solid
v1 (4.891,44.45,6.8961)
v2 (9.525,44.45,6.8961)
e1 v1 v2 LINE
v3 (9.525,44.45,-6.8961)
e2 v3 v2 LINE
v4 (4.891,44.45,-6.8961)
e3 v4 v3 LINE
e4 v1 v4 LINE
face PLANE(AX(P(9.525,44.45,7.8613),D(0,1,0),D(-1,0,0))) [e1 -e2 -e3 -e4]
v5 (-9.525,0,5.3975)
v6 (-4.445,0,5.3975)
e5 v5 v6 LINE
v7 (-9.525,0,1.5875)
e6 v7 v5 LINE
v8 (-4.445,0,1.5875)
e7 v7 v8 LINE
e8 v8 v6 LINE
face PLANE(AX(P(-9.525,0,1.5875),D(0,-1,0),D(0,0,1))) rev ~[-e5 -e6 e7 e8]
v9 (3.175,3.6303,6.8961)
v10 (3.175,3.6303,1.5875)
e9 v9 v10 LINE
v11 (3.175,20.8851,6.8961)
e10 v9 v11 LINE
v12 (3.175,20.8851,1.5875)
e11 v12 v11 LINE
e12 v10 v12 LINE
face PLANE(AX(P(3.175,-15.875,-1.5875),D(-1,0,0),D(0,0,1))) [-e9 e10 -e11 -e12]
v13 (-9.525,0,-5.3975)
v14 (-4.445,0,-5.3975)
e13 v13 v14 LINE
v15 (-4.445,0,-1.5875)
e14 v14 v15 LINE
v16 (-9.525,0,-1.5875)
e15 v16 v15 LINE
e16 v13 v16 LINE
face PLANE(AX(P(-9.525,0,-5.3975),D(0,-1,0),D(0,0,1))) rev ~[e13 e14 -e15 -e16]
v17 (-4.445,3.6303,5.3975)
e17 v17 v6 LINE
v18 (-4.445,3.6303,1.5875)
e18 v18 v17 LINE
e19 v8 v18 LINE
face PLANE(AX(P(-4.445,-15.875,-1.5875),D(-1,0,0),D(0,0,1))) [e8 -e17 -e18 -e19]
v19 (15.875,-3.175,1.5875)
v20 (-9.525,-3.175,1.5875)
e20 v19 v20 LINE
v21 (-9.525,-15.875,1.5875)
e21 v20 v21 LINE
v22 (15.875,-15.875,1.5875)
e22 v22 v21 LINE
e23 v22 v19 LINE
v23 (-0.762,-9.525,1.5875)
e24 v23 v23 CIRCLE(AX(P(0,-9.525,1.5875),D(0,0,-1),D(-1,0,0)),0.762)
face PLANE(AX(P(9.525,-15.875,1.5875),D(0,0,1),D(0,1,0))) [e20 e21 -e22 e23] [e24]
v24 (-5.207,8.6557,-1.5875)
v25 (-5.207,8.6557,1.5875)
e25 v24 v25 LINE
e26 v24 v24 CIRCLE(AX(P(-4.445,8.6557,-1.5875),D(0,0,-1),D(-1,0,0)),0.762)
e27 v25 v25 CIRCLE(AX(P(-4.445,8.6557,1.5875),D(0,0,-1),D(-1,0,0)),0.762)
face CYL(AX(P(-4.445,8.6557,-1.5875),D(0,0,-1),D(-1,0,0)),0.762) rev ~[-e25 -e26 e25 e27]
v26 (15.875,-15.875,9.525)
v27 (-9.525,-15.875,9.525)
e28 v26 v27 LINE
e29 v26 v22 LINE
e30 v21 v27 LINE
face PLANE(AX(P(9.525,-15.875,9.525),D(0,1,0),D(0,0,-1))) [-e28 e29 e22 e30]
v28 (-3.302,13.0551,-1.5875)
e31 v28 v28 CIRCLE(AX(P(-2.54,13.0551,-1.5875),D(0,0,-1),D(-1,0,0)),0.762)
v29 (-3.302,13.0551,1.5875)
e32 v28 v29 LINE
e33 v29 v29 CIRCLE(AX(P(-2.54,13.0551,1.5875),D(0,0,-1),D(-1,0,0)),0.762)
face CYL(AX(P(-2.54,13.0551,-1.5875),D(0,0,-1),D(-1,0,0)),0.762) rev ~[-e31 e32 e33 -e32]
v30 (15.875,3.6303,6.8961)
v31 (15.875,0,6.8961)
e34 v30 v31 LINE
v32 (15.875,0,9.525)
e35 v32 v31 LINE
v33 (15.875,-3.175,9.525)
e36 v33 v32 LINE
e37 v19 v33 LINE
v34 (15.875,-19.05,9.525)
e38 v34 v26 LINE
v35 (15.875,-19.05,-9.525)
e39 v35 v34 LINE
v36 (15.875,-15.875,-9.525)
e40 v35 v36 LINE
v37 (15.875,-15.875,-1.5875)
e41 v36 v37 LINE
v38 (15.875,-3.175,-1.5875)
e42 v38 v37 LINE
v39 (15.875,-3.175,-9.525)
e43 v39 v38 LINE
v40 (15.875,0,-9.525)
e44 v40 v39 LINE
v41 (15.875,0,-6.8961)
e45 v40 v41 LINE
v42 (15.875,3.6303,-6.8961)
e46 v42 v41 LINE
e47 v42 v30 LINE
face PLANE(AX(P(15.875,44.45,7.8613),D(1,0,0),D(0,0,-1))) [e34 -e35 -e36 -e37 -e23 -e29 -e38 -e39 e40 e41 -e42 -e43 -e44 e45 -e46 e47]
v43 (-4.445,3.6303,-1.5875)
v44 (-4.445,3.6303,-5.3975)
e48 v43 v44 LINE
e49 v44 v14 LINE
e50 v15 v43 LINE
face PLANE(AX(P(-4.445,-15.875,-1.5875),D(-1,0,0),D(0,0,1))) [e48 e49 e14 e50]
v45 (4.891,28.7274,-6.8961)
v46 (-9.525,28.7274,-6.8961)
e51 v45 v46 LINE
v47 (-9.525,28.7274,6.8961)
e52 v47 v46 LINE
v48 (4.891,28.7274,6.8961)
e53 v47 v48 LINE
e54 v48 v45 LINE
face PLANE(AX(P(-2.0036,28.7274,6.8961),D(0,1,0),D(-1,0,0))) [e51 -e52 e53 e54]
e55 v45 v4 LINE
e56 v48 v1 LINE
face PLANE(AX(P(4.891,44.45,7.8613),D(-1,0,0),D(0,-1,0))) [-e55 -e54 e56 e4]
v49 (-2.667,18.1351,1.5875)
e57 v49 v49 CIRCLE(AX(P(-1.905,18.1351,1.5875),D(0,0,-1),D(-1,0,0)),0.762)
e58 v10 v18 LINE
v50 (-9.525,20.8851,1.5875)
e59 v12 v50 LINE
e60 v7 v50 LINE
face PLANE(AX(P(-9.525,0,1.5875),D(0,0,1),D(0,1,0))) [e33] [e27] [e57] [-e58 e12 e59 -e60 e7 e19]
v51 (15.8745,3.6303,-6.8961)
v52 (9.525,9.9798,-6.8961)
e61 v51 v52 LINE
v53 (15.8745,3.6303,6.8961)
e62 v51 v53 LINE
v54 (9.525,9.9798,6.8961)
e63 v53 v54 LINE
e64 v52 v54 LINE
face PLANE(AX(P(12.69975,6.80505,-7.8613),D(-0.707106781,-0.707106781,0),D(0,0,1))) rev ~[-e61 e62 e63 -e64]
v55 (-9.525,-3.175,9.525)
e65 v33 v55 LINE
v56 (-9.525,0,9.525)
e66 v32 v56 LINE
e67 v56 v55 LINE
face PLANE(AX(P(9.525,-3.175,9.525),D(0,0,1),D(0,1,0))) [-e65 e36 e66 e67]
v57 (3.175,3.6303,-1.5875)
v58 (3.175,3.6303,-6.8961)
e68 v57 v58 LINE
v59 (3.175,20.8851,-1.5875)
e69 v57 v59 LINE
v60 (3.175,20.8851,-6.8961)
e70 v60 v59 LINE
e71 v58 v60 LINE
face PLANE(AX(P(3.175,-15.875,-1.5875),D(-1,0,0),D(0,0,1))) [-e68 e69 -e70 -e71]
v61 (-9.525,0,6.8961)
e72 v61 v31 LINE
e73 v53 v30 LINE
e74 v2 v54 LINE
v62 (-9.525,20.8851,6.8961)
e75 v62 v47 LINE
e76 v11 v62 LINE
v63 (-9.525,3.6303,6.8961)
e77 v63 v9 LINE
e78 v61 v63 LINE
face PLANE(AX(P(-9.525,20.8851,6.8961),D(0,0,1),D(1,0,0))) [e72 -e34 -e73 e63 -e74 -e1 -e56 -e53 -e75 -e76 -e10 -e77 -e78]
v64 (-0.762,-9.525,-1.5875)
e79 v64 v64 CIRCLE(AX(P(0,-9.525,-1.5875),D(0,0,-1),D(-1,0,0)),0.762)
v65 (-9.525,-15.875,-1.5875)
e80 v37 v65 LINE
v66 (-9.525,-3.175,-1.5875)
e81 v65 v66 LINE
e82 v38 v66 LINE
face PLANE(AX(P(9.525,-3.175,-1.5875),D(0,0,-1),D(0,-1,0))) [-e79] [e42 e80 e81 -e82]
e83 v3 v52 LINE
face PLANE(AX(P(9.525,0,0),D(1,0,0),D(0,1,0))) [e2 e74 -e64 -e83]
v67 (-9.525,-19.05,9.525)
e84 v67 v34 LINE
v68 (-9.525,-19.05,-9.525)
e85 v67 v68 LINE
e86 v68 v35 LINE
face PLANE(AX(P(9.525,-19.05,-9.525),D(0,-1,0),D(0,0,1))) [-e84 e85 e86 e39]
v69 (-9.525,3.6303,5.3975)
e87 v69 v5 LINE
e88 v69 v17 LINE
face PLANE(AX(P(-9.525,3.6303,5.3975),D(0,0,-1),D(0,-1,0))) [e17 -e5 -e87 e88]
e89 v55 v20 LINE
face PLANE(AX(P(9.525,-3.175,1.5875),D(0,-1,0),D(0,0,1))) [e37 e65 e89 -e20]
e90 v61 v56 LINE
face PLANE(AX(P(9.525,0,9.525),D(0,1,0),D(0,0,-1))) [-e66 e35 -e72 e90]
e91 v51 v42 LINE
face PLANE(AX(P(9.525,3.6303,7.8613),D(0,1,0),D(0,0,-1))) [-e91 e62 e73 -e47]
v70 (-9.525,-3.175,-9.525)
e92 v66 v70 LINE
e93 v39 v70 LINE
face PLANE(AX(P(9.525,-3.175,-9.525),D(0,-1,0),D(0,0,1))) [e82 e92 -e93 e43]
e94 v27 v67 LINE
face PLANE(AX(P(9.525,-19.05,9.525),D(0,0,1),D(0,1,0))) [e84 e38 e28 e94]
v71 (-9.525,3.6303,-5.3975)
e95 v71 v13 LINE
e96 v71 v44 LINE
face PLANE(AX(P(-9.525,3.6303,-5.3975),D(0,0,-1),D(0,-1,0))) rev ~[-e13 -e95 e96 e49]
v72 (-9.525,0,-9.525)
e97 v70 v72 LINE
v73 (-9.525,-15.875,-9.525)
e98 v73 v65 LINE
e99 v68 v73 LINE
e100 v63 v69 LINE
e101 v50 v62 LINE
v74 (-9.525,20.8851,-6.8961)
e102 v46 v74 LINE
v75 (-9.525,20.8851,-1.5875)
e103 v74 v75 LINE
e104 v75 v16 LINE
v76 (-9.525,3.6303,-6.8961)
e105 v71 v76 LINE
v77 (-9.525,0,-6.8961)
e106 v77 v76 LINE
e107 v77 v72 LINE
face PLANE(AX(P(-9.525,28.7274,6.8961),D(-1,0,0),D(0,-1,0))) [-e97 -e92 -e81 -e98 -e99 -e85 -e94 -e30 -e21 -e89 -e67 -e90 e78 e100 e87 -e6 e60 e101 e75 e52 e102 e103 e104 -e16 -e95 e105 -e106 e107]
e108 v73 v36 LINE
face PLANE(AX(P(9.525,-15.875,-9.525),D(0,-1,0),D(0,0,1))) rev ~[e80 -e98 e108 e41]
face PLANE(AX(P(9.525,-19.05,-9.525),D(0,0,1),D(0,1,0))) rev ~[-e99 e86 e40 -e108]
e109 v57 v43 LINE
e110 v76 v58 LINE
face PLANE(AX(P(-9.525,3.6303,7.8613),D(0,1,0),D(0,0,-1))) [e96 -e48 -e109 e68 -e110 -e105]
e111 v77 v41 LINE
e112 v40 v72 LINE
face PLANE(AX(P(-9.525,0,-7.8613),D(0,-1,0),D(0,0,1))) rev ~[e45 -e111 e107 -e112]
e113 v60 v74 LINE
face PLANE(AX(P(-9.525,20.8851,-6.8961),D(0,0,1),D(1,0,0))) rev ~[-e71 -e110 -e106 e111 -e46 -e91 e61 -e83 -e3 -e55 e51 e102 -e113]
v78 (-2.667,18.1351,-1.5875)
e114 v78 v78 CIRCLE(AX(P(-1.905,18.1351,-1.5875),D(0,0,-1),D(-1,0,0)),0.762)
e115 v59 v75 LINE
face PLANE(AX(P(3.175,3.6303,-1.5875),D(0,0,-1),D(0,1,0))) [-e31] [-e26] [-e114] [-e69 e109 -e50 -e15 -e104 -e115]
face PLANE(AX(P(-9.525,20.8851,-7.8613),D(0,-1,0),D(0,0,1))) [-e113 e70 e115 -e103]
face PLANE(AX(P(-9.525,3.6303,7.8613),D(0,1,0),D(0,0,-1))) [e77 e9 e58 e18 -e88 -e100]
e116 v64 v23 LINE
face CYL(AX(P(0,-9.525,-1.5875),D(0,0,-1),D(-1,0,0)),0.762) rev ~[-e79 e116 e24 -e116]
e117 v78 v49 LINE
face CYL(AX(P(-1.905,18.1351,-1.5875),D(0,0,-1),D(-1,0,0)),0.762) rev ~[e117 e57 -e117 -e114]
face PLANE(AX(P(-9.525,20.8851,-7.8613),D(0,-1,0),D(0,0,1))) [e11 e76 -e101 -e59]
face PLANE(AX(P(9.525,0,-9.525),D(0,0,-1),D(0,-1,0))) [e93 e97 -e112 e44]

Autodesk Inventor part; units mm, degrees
ref_plane "YZ Plane" through (0, 0, 0) normal (1, 0, 0) x (0, 1, 0)
ref_plane "XZ Plane" through (0, 0, 0) normal (0, 1, 0) x (-1, 0, 0)
ref_plane "XY Plane" through (0, 0, 0) normal (0, 0, 1) x (1, 0, 0)
sketch "Sketch1" plane through (0, 0, 0) normal (0, 0, 1) x (1, 0, 0)
  line L0 (-9.525, 0) -> (9.525, 0)
  line L1 (9.525, 0) -> (9.525, 44.45)
  line L2 (9.525, 44.45) -> (5.715, 44.45)
  line L3 (5.715, 44.45) -> (4.891, 28.7274)
  line L4 (4.891, 28.7274) -> (-9.525, 28.7274)
  line L5 (-9.525, 28.7274) -> (-9.525, 0)
  point P0 (0, 0)
  point P1 (0, 0)
  dimension "d0" = 44.45
  dimension "d1" = 15.24
  dimension "d2" = 15.7226
  dimension "d3" = 19.05
  dimension "d14" = 93
extrude "Extrusion1" add sketch "Sketch1" along normal mid plane 15.7226
sketch "Sketch2" plane through (0, 0, 0) normal (1, 0, 0) x (0, 1, 0)
  line L0 (-19.05, 9.525) -> (-19.05, -9.525)
  line L1 (-19.05, -9.525) -> (-15.875, -9.525)
  line L2 (-15.875, -9.525) -> (-15.875, -1.5875)
  line L3 (-15.875, -1.5875) -> (-3.175, -1.5875)
  line L4 (-3.175, -1.5875) -> (-3.175, -9.525)
  line L5 (-3.175, -9.525) -> (0, -9.525)
  line L6 (0, -9.525) -> (0, 9.525)
  line L7 (0, 9.525) -> (-3.175, 9.525)
  line L8 (-3.175, 9.525) -> (-3.175, 1.5875)
  line L9 (-3.175, 1.5875) -> (-15.875, 1.5875)
  line L10 (-15.875, 1.5875) -> (-15.875, 9.525)
  line L11 (-15.875, 9.525) -> (-19.05, 9.525)
  line L12 (0, -7.8613) -> (0, 7.8613) projected
  point P0 (0, 0)
  point P1 (0, 0)
  dimension "d6" = 19.05
  dimension "d7" = 19.05
  dimension "d8" = 3.175
  dimension "d9" = 3.175
extrude "Extrusion2" add sketch "Sketch2" along normal mid plane 19.05
sketch "Sketch6" plane through (0, 0, 7.8613) normal (0, 0, 1) x (1, 0, 0)
  line L0 (4.891, 28.7274) -> (9.525, 28.7274)
  line L1 (9.525, 28.7274) -> (9.525, 44.45)
  line L2 (9.525, 44.45) -> (4.891, 44.45)
  line L3 (4.891, 44.45) -> (4.891, 28.7274)
  point P0 (0, 0)
extrude "Extrusion3" add sketch "Sketch6" against normal blind 15.7226
sketch "Sketch9" plane through (0, 0, 7.8613) normal (0, 0, 1) x (1, 0, 0)
  line L0 (4.891, 44.45) -> (4.891, 28.7274) projected
  line L1 (-9.525, 28.7274) -> (-9.525, 0) projected
  line L2 (4.891, 28.7274) -> (-2.729, 28.7274)
  line L3 (4.891, 28.7274) -> (-9.525, 28.7274) projected
  line L4 (-9.525, 28.7274) -> (-9.525, 26.7462)
  line L5 (-9.525, 26.7462) -> (-2.729, 28.7274)
  point P0 (0, 0)
  dimension "d22" = 14.416
  dimension "d23" = 7.62
  dimension "d24" = 1.9812
extrude "Extrusion5" cut sketch "Sketch9" against normal blind 25.4
fillet "Fillet2" radius 5.08 1 edges at (-2.729, 28.7274, 0)
sketch "Sketch10" plane through (-9.525, -15.875, 1.5875) normal (0, 0, 1) x (1, 0, 0)
  circle A0 centre (9.525, 6.35) radius 0.635
  line L0 (0, 0) -> (0, 12.7) projected
  line L1 (19.05, -3.175) -> (0, -3.175) projected
  point P0 (9.525, 15.875)
  dimension "d28" = 9.525
  dimension "d29" = 9.525
  dimension "d30" = 1.27
extrude "Extrusion6" cut sketch "Sketch10" against normal blind 25.4
sketch "Sketch12" plane through (-9.525, -15.875, -1.5875) normal (-1, 0, 0) x (0, 0, 1)
  line L0 (-6.2738, 60.325) -> (-6.2738, 15.875) projected
  line L1 (9.4488, 42.6212) -> (9.4488, 15.875) projected
  line L2 (-6.2738, 36.7601) -> (9.4488, 36.7601)
  line L3 (9.4488, 36.7601) -> (9.4488, 19.5053)
  line L4 (9.4488, 19.5053) -> (-6.2738, 19.5053)
  line L5 (-6.2738, 19.5053) -> (-6.2738, 36.7601)
  point P0 (1.5875, 15.875)
extrude "Extrusion7" cut sketch "Sketch12" against normal blind 12.7
sketch "Sketch13" plane through (3.175, -15.875, -1.5875) normal (-1, 0, 0) x (0, 0, 1)
  line L0 (0, 12.7) -> (0, 36.7601)
  line L1 (-6.2738, 36.7601) -> (9.4488, 36.7601) projected
  line L2 (0, 12.7) -> (0, 0) projected
  line L3 (3.175, 12.7) -> (3.175, 36.7601)
  line L4 (3.175, 0) -> (3.175, 12.7) projected
  line L5 (9.4488, 19.5053) -> (-6.2738, 19.5053) projected
  line L6 (0, 36.7601) -> (3.175, 36.7601)
  line L7 (3.175, 36.7601) -> (3.175, 19.5053)
  line L8 (3.175, 19.5053) -> (0, 19.5053)
  line L9 (0, 19.5053) -> (0, 36.7601)
  point P0 (1.5875, 15.875)
extrude "Extrusion8" add sketch "Sketch13" along normal blind 12.7
sketch "Sketch15" plane through (3.175, 3.6303, 1.5875) normal (0, 0, 1) x (1, 0, 0)
  circle A0 centre (-7.62, 5.0254) radius 0.635
  line L0 (-12.7, 0) -> (-12.7, 17.2548) projected
  circle A1 centre (-5.715, 9.4248) radius 0.635
  circle A2 centre (-5.08, 14.5048) radius 0.635
  point P0 (-3.175, -3.6303)
  dimension "d40" = 5.08
  dimension "d41" = 1.27
  dimension "d42" = 1.27
  dimension "d45" = 1.27
  dimension "d46" = 6.985
  dimension "d47" = 7.62
extrude "Extrusion9" cut sketch "Sketch15" against normal blind 12.7
sketch "Sketch17" plane through (-9.525, -15.875, -1.5875) normal (-1, 0, 0) x (0, 0, 1)
  line L0 (-7.9375, 15.875) -> (11.1125, 15.875)
  line L1 (0, 19.5053) -> (-3.81, 19.5053)
  line L2 (-3.81, 19.5053) -> (-3.81, 15.875)
  line L3 (-3.81, 15.875) -> (0, 15.875)
  line L4 (0, 15.875) -> (0, 19.5053)
  line L5 (3.175, 19.5053) -> (6.985, 19.5053)
  line L6 (6.985, 19.5053) -> (6.985, 15.875)
  line L7 (6.985, 15.875) -> (3.175, 15.875)
  line L8 (3.175, 15.875) -> (3.175, 19.5053)
  point P0 (1.5875, 15.875)
  dimension "d51" = 3.81
  dimension "d52" = 3.81
extrude "Extrusion10" cut sketch "Sketch17" against normal blind 5.08
sketch "Sketch18" plane through (9.525, 44.45, 7.8613) normal (1, 0, 0) x (0, 0, -1)
  line L0 (-1.6637, -63.5) -> (-1.6637, -60.325)
  line L1 (-1.6637, -60.325) -> (6.2738, -60.325)
  line L2 (6.2738, -60.325) -> (-1.6637, -60.325) projected
  line L3 (6.2738, -60.325) -> (6.2738, -47.625)
  line L4 (6.2738, -47.625) -> (-1.6637, -47.625)
  line L5 (-1.6637, -47.625) -> (-1.6637, -44.45)
  line L6 (-1.6637, -44.45) -> (-1.6637, -47.625) projected
  line L7 (-1.6637, -44.45) -> (0, -44.45)
  line L8 (0, -44.45) -> (0, -40.8197)
  line L9 (0, -44.45) -> (0, 0) projected
  line L10 (15.7226, 0) -> (15.7226, -44.45) projected
  line L11 (15.7226, -41.3057) -> (15.7226, -44.45)
  line L12 (17.3863, -44.45) -> (15.7226, -44.45) projected
  line L13 (15.7226, -44.45) -> (17.3863, -44.45)
  line L14 (17.3863, -44.45) -> (17.3863, -47.625)
  line L15 (17.3863, -47.625) -> (17.3863, -44.45) projected
  line L16 (17.3863, -47.625) -> (9.4488, -47.625)
  line L17 (9.4488, -47.625) -> (9.4488, -60.325)
  line L18 (17.3863, -60.325) -> (9.4488, -60.325) projected
  line L19 (9.4488, -60.325) -> (17.3863, -60.325)
  line L20 (17.3863, -63.5) -> (17.3863, -60.325) projected
  line L21 (17.3863, -60.325) -> (17.3863, -63.5)
  line L22 (17.3863, -63.5) -> (-1.6637, -63.5)
  line L23 (-1.6637, -63.5) -> (17.3863, -63.5) projected
  line L24 (0, -40.8197) -> (15.7226, -40.8197)
  line L25 (9.4488, -40.8197) -> (15.7226, -40.8197) projected
  line L26 (15.7226, -40.8197) -> (15.7226, -44.45)
  point P0 (7.8613, -44.45)
extrude "Extrusion11" add sketch "Sketch18" along normal blind 6.35
chamfer "Chamfer1" distance 6.35 angle 45 1 edges at (9.525, 3.6303, 0)
sketch "Sketch19" plane through (-9.525, -15.875, -1.5875) normal (0, 0, -1) x (-1, 0, 0)
  circle A0 centre (-9.525, 6.35) radius 0.762
  circle A1 centre (-9.525, 6.35) radius 0.635 projected
  point P0 (-9.525, 15.875)
  dimension "d60" = 0
  dimension "d61" = 0
  dimension "d62" = 1.524
extrude "Extrusion12" cut sketch "Sketch19" against normal blind 6.35
sketch "Sketch20" plane through (3.175, 3.6303, -1.5875) normal (0, 0, -1) x (-1, 0, 0)
  circle A0 centre (5.08, 14.5048) radius 0.762
  circle A1 centre (5.08, 14.5048) radius 0.635 projected
  circle A2 centre (5.715, 9.4248) radius 0.762
  circle A3 centre (5.715, 9.4248) radius 0.635 projected
  circle A4 centre (7.62, 5.0254) radius 0.762
  circle A5 centre (7.62, 5.0254) radius 0.635 projected
  point P0 (3.175, -3.6303)
  dimension "d65" = 0
  dimension "d66" = 0
  dimension "d67" = 1.524
  dimension "d68" = 0
  dimension "d69" = 0
  dimension "d70" = 1.524
  dimension "d71" = 0
  dimension "d72" = 0
  dimension "d73" = 1.524
extrude "Extrusion13" cut sketch "Sketch20" against normal blind 6.35
sketch "Sketch25" plane through (-9.525, -15.875, -1.5875) normal (-1, 0, 0) x (0, 0, 1)
  line L0 (9.4488, 19.5053) -> (9.4488, 15.875) projected
  line L1 (-6.2738, 15.875) -> (-6.2738, 19.5053) projected
  line L2 (-6.2738, 15.875) -> (-5.3086, 15.875)
  line L3 (-5.3086, 15.875) -> (-5.3086, 64.7795)
  line L4 (-5.3086, 64.7795) -> (-6.2738, 64.7795)
  line L5 (-6.2738, 64.7795) -> (-6.2738, 15.875)
  line L6 (9.4488, 15.875) -> (8.4836, 15.875)
  line L7 (8.4836, 15.875) -> (8.4836, 64.7795)
  line L8 (8.4836, 64.7795) -> (9.4488, 64.7795)
  line L9 (9.4488, 64.7795) -> (9.4488, 15.875)
  point P0 (1.5875, 15.875)
  dimension "d87" = 15.7226
  dimension "d88" = 0.9652
  dimension "d89" = 0.9652
extrude "Extrusion16" cut sketch "Sketch25" against normal blind 38.1
sketch "Sketch30" plane through (-9.525, 20.8851, 6.8961) normal (0, 0, 1) x (1, 0, 0)
  line L0 (0, 5.8611) -> (0, 0) projected
  line L1 (14.416, 7.8423) -> (7.5214, 7.8423) projected
  line L2 (0, 2.9305) -> (8.832, 2.9305)
  line L3 (8.832, 2.9305) -> (8.832, 7.8423)
  line L4 (8.832, 7.8423) -> (0, 7.8423)
  line L5 (0, 7.8423) -> (0, 2.9305)
  point P0 (9.525, -20.8851)
extrude "Extrusion17" add sketch "Sketch30" against normal blind 13.7922
properties part number "mod_gripper_flat" material "Steel, High Strength Low Alloy"
